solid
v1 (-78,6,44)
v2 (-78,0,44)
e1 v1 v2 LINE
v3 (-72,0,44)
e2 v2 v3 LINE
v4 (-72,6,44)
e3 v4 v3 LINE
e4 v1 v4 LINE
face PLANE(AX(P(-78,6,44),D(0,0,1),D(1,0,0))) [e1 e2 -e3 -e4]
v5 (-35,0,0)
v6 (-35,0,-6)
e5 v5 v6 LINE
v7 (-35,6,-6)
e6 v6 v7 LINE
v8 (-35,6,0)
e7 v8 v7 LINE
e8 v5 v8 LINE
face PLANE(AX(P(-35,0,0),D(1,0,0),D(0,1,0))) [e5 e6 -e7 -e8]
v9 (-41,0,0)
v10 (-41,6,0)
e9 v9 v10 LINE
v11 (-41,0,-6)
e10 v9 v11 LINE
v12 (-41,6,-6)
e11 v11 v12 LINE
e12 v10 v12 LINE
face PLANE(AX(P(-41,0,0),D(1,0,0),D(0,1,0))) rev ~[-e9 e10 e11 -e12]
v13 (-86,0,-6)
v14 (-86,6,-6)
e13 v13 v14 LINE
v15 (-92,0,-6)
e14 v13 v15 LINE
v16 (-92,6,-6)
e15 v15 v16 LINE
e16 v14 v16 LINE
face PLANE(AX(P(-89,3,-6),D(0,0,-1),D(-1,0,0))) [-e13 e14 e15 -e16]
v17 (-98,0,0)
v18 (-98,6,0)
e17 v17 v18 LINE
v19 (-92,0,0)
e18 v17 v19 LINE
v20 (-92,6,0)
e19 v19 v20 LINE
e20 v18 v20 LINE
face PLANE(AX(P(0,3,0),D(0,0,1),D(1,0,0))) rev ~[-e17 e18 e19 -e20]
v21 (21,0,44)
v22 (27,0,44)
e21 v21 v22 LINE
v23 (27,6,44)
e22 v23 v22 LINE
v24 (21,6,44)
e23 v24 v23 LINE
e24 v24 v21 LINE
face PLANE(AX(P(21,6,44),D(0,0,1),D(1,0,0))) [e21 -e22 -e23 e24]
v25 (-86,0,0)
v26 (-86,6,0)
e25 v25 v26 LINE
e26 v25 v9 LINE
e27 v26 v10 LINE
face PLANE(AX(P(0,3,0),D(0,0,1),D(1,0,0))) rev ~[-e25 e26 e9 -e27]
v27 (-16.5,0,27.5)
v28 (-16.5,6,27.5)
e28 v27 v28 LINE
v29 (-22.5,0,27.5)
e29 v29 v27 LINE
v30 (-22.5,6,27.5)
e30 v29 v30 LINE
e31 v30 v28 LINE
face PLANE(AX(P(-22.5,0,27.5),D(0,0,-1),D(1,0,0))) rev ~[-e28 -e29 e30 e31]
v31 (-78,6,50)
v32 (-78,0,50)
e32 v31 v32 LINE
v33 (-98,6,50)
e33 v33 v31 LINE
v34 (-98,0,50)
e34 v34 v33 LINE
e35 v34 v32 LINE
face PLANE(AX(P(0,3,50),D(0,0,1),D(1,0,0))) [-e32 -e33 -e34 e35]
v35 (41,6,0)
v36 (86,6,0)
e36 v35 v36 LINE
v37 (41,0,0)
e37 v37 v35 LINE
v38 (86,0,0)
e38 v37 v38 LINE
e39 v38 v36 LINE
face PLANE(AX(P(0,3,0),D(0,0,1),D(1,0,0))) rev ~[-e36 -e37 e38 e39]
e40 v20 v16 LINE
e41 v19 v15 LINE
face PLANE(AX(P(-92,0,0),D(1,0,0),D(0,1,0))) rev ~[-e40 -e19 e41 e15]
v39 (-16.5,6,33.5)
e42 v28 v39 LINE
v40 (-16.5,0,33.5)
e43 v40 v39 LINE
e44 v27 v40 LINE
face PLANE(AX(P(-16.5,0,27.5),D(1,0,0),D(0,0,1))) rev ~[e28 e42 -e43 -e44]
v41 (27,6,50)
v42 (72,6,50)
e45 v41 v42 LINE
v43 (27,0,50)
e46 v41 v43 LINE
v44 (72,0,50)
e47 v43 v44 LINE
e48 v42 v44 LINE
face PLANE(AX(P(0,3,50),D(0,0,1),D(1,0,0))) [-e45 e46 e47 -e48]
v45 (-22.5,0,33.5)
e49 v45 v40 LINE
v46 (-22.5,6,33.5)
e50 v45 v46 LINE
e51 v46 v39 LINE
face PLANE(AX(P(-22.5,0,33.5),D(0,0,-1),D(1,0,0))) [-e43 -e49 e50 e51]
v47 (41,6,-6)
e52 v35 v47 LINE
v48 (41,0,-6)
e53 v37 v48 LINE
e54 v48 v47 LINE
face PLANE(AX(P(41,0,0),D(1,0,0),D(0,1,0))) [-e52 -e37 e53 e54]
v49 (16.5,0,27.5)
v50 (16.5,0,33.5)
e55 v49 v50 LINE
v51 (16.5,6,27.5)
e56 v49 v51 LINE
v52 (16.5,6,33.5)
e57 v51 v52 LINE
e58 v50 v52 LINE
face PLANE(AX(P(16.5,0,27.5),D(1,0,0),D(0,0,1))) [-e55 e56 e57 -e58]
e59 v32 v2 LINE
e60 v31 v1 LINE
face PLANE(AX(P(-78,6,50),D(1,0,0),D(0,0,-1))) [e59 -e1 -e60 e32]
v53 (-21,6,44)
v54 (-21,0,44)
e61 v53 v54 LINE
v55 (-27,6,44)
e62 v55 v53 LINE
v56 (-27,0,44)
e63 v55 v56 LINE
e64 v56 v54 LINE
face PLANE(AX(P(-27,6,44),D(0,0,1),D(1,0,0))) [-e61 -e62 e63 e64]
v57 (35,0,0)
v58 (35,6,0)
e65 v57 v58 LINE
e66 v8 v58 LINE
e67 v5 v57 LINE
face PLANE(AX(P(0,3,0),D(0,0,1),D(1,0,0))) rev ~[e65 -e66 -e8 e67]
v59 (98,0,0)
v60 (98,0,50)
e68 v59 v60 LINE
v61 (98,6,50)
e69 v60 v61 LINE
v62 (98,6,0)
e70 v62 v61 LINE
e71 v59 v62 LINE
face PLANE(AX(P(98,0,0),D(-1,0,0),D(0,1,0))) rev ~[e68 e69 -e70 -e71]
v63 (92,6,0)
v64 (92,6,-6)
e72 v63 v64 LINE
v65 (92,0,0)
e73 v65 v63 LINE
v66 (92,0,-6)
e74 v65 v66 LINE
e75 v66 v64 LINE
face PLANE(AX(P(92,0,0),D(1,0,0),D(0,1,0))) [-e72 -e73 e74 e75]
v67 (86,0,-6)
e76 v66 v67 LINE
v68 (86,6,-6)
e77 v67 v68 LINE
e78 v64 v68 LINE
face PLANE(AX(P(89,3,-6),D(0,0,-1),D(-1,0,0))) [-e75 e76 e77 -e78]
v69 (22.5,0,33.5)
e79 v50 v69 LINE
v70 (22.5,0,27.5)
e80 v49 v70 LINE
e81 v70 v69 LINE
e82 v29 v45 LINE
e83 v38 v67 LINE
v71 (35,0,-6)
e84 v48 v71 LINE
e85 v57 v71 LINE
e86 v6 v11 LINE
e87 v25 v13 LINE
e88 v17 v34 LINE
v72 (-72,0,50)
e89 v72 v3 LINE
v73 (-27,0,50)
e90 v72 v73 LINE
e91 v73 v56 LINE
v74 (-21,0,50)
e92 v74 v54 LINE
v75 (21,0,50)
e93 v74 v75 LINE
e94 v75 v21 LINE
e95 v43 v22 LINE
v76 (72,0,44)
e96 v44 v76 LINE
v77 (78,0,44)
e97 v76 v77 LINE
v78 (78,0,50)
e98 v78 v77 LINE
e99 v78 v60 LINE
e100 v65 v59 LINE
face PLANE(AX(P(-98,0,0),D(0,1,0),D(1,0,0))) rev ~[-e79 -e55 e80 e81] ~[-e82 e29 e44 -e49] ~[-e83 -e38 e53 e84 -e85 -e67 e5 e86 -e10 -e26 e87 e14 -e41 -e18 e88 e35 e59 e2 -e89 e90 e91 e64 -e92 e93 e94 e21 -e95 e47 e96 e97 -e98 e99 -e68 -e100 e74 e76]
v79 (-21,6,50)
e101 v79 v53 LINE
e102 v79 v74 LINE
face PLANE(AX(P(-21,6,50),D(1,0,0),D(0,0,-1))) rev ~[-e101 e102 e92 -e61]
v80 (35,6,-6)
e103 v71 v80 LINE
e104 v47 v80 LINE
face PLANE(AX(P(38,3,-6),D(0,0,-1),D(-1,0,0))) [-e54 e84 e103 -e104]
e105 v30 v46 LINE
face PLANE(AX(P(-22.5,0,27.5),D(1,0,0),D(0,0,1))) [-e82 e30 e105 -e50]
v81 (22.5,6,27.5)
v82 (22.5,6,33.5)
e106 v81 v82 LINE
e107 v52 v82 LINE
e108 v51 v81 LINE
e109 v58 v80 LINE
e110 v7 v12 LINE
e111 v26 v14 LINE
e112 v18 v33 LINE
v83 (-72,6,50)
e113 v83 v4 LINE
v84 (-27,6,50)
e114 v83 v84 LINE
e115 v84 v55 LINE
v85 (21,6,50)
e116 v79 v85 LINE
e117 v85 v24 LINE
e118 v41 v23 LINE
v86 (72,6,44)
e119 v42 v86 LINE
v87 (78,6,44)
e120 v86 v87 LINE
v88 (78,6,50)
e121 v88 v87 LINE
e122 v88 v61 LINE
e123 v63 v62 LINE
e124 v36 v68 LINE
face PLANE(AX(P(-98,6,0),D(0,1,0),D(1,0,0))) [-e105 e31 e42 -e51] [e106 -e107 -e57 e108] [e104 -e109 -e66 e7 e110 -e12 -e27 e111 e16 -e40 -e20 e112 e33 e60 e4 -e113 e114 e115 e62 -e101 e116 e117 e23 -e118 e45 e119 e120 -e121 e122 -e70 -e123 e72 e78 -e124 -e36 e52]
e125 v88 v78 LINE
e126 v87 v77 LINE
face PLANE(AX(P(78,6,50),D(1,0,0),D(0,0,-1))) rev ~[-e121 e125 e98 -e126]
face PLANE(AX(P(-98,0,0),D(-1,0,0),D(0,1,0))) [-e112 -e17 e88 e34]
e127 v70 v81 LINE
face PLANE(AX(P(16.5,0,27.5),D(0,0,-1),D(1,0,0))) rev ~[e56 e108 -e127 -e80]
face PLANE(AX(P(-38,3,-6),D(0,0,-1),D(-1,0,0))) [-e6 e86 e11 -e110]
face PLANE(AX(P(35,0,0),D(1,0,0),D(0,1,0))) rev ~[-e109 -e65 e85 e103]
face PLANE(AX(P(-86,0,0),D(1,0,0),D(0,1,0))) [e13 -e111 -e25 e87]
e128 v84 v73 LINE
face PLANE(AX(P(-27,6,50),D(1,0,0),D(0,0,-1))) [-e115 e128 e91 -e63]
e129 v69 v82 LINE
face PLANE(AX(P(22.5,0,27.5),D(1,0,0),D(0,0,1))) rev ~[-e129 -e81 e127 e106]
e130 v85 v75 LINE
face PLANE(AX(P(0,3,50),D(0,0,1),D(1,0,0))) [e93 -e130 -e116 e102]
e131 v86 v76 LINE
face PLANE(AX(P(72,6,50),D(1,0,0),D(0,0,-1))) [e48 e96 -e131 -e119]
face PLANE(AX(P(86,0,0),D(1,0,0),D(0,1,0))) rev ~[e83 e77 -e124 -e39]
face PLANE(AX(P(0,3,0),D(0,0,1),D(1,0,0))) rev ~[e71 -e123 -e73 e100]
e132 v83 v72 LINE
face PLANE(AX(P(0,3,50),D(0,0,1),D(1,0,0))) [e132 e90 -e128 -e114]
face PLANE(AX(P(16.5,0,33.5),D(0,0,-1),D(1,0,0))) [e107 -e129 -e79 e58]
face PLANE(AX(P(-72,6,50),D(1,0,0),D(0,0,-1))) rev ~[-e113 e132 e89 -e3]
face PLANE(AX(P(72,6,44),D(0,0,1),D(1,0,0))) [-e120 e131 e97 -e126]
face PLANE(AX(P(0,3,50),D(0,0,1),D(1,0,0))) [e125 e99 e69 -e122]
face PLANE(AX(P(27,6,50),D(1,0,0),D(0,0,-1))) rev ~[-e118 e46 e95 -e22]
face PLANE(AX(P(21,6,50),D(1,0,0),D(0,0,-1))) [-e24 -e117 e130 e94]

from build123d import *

# Parameters (mm, degrees)
SKETCH1_W           = 196
SKETCH1_H           = 6
BOSS_EXTRUDE1_DEPTH = 50
SKETCH2_W           = 6
SKETCH2_H           = 6
BOSS_EXTRUDE2_DEPTH = 6
SKETCH3_W           = 6
SKETCH3_H           = 6
CUT_EXTRUDE1_DEPTH  = 6
SKETCH5_W           = 6
SKETCH5_H           = 6
CUT_EXTRUDE2_DEPTH  = 6


with BuildPart() as part:
    # Sketch1 → Boss-Extrude1 (new body)
    with BuildSketch(Plane.XY):
        with Locations((0, 3)):
            Rectangle(SKETCH1_W, SKETCH1_H)
    extrude(amount=BOSS_EXTRUDE1_DEPTH)

    # Sketch2 → Boss-Extrude2 (add)
    with BuildSketch(Plane(origin=(0, 0, 0), x_dir=(-1, 0, 0), z_dir=(0, 0, -1))):
        with Locations((-89, 3)):
            Rectangle(SKETCH2_W, SKETCH2_H)
        with Locations((-38, 3)):
            Rectangle(SKETCH2_W, SKETCH2_H)
        with Locations((38, 3)):
            Rectangle(SKETCH2_W, SKETCH2_H)
        with Locations((89, 3)):
            Rectangle(SKETCH2_W, SKETCH2_H)
    extrude(amount=BOSS_EXTRUDE2_DEPTH)

    # Sketch3 → Cut-Extrude1 (cut)
    with BuildSketch(Plane(origin=(0, 6, 0), x_dir=(1, 0, 0), z_dir=(0, 1, 0))):
        with Locations((75, -47)):
            Rectangle(SKETCH3_W, SKETCH3_H)
        with Locations((24, -47)):
            Rectangle(SKETCH3_W, SKETCH3_H)
        with Locations((-24, -47)):
            Rectangle(SKETCH3_W, SKETCH3_H)
        with Locations((-75, -47)):
            Rectangle(SKETCH3_W, SKETCH3_H)
    extrude(amount=-CUT_EXTRUDE1_DEPTH, mode=Mode.SUBTRACT)

    # Sketch5 → Cut-Extrude2 (cut)
    with BuildSketch(Plane.XZ):
        with Locations((-19.5, 30.5)):
            Rectangle(SKETCH5_W, SKETCH5_H)
        with Locations((19.5, 30.5)):
            Rectangle(SKETCH5_W, SKETCH5_H)
    extrude(amount=-CUT_EXTRUDE2_DEPTH, mode=Mode.SUBTRACT)


solid = part.part
